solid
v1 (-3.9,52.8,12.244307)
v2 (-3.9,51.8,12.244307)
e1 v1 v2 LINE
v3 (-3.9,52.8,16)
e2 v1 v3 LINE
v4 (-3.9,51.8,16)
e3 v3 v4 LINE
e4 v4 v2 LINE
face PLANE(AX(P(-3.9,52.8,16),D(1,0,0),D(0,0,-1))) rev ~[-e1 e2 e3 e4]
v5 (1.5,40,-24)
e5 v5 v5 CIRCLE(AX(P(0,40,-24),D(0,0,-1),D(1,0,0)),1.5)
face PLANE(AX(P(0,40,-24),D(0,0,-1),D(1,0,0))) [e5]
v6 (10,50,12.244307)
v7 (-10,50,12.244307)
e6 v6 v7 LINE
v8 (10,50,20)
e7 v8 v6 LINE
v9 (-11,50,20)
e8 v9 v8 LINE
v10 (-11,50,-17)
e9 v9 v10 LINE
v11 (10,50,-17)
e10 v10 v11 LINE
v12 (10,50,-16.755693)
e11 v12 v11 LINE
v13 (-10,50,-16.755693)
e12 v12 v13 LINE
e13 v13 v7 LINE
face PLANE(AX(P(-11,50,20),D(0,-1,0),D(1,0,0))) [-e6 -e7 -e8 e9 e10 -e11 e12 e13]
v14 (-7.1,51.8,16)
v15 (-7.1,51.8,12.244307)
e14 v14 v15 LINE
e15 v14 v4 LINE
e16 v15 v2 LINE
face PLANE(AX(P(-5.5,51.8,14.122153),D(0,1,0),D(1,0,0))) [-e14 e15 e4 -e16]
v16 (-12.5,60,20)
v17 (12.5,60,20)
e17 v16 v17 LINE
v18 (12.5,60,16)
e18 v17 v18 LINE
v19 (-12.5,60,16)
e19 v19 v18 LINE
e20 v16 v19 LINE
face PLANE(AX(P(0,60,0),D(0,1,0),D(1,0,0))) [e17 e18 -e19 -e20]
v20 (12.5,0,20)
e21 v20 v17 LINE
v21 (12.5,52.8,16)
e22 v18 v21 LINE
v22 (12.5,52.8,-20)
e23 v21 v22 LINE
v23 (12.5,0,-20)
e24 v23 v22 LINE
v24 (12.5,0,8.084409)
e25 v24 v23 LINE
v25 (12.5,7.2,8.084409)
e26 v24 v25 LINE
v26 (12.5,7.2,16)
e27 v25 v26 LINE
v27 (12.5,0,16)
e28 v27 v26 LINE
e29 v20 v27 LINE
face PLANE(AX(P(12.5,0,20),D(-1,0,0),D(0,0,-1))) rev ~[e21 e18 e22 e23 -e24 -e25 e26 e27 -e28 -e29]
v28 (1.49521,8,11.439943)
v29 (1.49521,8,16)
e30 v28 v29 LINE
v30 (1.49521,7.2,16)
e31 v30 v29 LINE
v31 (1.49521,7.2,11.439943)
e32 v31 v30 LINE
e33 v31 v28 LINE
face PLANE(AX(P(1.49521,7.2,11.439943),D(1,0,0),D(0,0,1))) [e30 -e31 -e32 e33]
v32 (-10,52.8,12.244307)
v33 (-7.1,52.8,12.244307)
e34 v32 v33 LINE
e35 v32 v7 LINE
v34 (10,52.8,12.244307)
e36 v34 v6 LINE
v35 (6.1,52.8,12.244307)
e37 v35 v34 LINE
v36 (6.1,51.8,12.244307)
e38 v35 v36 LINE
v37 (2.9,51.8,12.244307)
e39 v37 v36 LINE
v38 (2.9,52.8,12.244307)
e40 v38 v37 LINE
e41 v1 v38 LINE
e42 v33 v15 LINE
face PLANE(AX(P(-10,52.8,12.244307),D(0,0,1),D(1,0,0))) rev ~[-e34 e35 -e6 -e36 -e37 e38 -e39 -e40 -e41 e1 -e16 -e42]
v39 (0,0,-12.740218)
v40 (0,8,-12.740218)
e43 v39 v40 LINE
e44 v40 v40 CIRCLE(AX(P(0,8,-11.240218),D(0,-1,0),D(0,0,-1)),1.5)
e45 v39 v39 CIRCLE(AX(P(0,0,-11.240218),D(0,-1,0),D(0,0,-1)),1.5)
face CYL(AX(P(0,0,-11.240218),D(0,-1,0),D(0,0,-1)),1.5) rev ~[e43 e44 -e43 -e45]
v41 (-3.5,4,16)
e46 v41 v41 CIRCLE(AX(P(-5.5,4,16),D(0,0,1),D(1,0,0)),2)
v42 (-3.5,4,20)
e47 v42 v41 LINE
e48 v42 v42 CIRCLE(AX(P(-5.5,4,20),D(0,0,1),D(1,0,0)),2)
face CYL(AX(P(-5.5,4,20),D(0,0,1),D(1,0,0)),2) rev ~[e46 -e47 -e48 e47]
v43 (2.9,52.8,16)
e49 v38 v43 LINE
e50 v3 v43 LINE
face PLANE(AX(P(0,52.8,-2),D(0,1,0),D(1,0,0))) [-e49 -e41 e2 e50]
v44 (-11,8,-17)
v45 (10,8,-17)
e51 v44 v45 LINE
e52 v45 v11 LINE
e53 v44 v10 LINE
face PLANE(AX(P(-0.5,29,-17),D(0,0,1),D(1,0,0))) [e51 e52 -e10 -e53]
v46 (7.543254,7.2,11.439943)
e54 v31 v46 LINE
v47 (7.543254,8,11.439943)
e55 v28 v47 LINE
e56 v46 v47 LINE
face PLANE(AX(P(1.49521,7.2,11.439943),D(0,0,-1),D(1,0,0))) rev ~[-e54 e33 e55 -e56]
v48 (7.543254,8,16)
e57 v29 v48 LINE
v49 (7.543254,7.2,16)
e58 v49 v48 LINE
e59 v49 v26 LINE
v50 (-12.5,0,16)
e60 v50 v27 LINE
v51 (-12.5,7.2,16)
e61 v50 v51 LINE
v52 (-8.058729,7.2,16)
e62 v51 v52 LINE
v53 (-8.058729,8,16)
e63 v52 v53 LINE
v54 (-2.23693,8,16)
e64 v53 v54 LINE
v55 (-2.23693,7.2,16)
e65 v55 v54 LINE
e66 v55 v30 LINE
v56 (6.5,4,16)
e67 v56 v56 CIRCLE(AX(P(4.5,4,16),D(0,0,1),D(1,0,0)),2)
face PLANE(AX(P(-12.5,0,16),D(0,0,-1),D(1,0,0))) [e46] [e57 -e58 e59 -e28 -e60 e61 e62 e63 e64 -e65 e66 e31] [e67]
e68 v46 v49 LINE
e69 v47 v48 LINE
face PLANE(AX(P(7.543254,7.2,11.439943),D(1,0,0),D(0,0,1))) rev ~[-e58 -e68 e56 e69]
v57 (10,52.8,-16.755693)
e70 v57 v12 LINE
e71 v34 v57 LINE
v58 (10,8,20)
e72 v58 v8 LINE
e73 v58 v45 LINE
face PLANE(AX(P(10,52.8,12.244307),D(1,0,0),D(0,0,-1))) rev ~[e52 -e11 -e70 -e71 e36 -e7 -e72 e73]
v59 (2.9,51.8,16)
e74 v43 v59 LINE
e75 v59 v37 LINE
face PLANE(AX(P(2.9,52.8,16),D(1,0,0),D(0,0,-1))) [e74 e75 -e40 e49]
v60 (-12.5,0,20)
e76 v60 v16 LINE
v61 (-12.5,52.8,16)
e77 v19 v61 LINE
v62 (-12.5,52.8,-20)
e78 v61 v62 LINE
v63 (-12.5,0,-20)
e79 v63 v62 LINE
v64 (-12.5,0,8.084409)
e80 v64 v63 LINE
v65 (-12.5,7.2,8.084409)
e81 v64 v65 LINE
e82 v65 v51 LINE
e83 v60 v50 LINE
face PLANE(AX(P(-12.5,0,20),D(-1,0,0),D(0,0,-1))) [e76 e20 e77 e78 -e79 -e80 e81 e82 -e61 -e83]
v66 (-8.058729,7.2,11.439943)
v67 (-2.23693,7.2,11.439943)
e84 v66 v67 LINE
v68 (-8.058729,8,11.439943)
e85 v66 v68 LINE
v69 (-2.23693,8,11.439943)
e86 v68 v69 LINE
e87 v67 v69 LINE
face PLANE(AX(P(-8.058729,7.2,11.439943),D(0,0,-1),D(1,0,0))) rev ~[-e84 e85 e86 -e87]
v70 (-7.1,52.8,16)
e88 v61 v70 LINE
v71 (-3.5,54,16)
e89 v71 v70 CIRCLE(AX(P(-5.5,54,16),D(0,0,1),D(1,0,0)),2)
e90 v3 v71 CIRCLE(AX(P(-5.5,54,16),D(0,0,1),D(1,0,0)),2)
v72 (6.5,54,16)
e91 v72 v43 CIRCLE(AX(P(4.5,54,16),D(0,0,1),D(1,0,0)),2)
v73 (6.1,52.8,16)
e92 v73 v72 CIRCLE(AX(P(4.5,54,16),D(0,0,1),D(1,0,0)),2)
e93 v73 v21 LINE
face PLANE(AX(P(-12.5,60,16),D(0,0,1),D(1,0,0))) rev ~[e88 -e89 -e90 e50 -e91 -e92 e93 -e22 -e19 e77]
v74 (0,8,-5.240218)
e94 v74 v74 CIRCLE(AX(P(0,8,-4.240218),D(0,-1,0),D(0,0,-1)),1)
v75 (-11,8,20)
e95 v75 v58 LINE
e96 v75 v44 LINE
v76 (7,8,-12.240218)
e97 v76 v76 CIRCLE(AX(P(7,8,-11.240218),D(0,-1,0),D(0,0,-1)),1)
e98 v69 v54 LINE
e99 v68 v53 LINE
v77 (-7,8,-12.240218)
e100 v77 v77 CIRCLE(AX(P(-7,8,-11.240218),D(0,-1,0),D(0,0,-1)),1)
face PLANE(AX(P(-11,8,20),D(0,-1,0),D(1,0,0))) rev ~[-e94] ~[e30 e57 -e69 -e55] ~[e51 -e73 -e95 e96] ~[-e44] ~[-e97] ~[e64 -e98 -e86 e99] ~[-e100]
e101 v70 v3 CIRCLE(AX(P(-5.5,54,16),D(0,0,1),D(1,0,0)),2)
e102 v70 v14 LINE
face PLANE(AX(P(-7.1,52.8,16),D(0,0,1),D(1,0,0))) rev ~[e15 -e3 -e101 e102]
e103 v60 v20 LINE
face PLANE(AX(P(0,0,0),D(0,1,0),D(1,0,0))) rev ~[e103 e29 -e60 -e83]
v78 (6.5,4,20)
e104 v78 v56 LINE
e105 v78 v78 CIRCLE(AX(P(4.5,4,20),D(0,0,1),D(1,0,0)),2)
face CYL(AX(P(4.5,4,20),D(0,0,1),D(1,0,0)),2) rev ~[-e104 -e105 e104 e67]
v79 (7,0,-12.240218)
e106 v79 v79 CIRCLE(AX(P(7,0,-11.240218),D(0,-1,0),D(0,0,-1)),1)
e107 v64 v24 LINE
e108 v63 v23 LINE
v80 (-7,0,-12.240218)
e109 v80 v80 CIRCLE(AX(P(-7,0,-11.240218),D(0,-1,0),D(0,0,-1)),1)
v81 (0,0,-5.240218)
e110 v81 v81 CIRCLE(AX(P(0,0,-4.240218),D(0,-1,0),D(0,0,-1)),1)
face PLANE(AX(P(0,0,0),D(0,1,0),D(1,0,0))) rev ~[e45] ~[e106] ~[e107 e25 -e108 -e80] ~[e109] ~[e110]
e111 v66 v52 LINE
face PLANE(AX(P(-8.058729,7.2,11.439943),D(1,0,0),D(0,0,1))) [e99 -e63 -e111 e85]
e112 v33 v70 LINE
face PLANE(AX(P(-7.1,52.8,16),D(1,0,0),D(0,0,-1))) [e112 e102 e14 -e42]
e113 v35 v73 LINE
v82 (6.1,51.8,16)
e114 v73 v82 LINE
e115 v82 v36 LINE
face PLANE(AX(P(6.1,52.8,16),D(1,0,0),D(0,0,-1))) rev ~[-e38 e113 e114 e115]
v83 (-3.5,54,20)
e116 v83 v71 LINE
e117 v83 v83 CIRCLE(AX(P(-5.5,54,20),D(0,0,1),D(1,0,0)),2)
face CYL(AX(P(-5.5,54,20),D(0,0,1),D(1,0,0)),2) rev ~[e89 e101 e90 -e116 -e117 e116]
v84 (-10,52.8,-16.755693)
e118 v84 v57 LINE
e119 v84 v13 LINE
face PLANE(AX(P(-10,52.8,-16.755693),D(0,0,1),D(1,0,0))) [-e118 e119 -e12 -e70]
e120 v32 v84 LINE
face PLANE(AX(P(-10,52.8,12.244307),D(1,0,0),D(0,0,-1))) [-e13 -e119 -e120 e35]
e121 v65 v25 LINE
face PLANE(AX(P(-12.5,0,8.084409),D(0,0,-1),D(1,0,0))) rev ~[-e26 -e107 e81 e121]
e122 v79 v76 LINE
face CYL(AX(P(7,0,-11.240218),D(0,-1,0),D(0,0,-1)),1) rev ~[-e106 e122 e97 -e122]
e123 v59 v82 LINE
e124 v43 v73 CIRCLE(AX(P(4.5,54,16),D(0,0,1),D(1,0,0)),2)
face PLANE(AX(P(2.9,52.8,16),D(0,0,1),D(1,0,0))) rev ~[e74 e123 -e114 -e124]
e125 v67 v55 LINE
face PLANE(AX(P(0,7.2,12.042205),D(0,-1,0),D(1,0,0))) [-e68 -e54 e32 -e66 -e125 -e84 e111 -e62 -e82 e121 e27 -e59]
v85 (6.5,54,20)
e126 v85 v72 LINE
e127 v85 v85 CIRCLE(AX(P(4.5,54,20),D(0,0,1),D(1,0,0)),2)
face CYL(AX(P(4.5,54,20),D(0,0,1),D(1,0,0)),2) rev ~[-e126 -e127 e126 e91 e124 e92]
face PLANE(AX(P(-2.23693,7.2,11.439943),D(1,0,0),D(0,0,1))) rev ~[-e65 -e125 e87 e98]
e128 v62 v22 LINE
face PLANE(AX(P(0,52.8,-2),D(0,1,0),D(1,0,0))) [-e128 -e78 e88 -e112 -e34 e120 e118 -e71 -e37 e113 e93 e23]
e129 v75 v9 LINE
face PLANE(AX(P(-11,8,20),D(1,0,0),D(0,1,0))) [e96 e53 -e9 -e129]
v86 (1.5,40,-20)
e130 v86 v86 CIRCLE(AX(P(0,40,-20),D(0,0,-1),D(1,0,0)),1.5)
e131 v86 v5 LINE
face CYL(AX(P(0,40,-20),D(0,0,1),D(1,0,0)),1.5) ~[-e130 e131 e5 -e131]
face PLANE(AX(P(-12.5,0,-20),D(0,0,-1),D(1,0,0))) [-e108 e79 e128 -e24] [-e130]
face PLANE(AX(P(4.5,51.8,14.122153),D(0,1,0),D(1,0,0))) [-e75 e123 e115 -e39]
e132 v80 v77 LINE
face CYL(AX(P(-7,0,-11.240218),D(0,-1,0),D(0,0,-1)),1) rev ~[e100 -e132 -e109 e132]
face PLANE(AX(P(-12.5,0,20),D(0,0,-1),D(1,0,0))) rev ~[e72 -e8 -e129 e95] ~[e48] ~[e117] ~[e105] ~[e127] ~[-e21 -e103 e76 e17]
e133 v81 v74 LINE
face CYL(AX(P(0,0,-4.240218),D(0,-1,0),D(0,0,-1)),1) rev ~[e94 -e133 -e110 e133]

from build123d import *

# Parameters (mm, degrees)
SKETCH2_W           = 25
SKETCH2_H           = 40
BOSS_EXTRUDE3_DEPTH = 60
SKETCH13_W          = 21
SKETCH13_H          = 42
CUT_EXTRUDE5_DEPTH  = 37
SKETCH15_W          = 25
SKETCH15_H          = 7.915590507
CUT_EXTRUDE7_DEPTH  = 7.2
SKETCH16_R          = 1.5
CUT_EXTRUDE8_DEPTH  = 8
SKETCH17_W          = 25
SKETCH17_H          = 36
CUT_EXTRUDE9_DEPTH  = 7.2
SKETCH19_W          = 20
SKETCH19_H          = 29
CUT_EXTRUDE10_DEPTH = 4
SKETCH23_R          = 2
CUT_EXTRUDE12_DEPTH = 10
SKETCH24_W          = 5.82179869
SKETCH24_H          = 4.560057011
SKETCH24_W_2        = 6.048044386
CUT_EXTRUDE14_DEPTH = 1
SKETCH25_W          = 3.2
SKETCH25_H          = 3.755693487
CUT_EXTRUDE15_DEPTH = 1
SKETCH28_R          = 1.5
BOSS_EXTRUDE4_DEPTH = 4
SKETCH29_R          = 1
CUT_EXTRUDE16_DEPTH = 10


with BuildPart() as part:
    # Sketch2 → Boss-Extrude3 (new body)
    with BuildSketch(Plane(origin=(0, 0, 0), x_dir=(1, 0, 0), z_dir=(0, 1, 0))):
        Rectangle(SKETCH2_W, SKETCH2_H)
    extrude(amount=BOSS_EXTRUDE3_DEPTH)

    # Sketch13 → Cut-Extrude5 (cut)
    with BuildSketch(Plane.XY.offset(20)):
        with Locations((-0.5, 29)):
            Rectangle(SKETCH13_W, SKETCH13_H)
    extrude(amount=-CUT_EXTRUDE5_DEPTH, mode=Mode.SUBTRACT)

    # Sketch15 → Cut-Extrude7 (cut)
    with BuildSketch(Plane.XZ):
        with Locations((0, 12.042204747)):
            Rectangle(SKETCH15_W, SKETCH15_H)
    extrude(amount=-CUT_EXTRUDE7_DEPTH, mode=Mode.SUBTRACT)

    # Sketch16 → Cut-Extrude8 (cut)
    with BuildSketch(Plane.XZ):
        with Locations(Location((0, -11.240217596, 0), (0, 0, 270))):
            Circle(SKETCH16_R)
    extrude(amount=-CUT_EXTRUDE8_DEPTH, mode=Mode.SUBTRACT)

    # Sketch17 → Cut-Extrude9 (cut)
    with BuildSketch(Plane(origin=(0, 60, 0), x_dir=(1, 0, 0), z_dir=(0, 1, 0))):
        with Locations((0, 2)):
            Rectangle(SKETCH17_W, SKETCH17_H)
    extrude(amount=-CUT_EXTRUDE9_DEPTH, mode=Mode.SUBTRACT)

    # Sketch19 → Cut-Extrude10 (cut)
    with BuildSketch(Plane(origin=(0, 52.8, 0), x_dir=(1, 0, 0), z_dir=(0, 1, 0))):
        with Locations((0, 2.255693487)):
            Rectangle(SKETCH19_W, SKETCH19_H)
    extrude(amount=-CUT_EXTRUDE10_DEPTH, mode=Mode.SUBTRACT)

    # Sketch23 → Cut-Extrude12 (cut)
    with BuildSketch(Plane.XY.offset(20)):
        with Locations((-5.5, 54)):
            Circle(SKETCH23_R)
        with Locations((4.5, 54)):
            Circle(SKETCH23_R)
        with Locations((-5.5, 4)):
            Circle(SKETCH23_R)
        with Locations((4.5, 4)):
            Circle(SKETCH23_R)
    extrude(amount=-CUT_EXTRUDE12_DEPTH, mode=Mode.SUBTRACT)

    # Sketch24 → Cut-Extrude14 (cut)
    with BuildSketch(Plane.XZ.offset(-7.2)):
        with Locations((-5.147829388, 13.719971495)):
            Rectangle(SKETCH24_W, SKETCH24_H)
        with Locations((4.519232113, 13.719971495)):
            Rectangle(SKETCH24_W_2, SKETCH24_H)
    extrude(amount=-CUT_EXTRUDE14_DEPTH, mode=Mode.SUBTRACT)

    # Sketch25 → Cut-Extrude15 (cut)
    with BuildSketch(Plane(origin=(0, 52.8, 0), x_dir=(1, 0, 0), z_dir=(0, 1, 0))):
        with Locations((-5.5, -14.122153257)):
            Rectangle(SKETCH25_W, SKETCH25_H)
        with Locations((4.5, -14.122153257)):
            Rectangle(SKETCH25_W, SKETCH25_H)
    extrude(amount=-CUT_EXTRUDE15_DEPTH, mode=Mode.SUBTRACT)

    # Sketch28 → Boss-Extrude4 (add)
    with BuildSketch(Plane(origin=(0, 0, -20), x_dir=(-1, 0, 0), z_dir=(0, 0, -1))):
        with Locations(Location((0, 40, 0), (0, 0, 180))):
            Circle(SKETCH28_R)
    extrude(amount=BOSS_EXTRUDE4_DEPTH)

    # Sketch29 → Cut-Extrude16 (cut)
    with BuildSketch(Plane.XZ):
        with Locations(Location((0, -4.240217596, 0), (0, 0, 270))):
            Circle(SKETCH29_R)
        with Locations(Location((-7, -11.240217596, 0), (0, 0, 270))):
            Circle(SKETCH29_R)
        with Locations(Location((7, -11.240217596, 0), (0, 0, 270))):
            Circle(SKETCH29_R)
    extrude(amount=-CUT_EXTRUDE16_DEPTH, mode=Mode.SUBTRACT)


solid = part.part
